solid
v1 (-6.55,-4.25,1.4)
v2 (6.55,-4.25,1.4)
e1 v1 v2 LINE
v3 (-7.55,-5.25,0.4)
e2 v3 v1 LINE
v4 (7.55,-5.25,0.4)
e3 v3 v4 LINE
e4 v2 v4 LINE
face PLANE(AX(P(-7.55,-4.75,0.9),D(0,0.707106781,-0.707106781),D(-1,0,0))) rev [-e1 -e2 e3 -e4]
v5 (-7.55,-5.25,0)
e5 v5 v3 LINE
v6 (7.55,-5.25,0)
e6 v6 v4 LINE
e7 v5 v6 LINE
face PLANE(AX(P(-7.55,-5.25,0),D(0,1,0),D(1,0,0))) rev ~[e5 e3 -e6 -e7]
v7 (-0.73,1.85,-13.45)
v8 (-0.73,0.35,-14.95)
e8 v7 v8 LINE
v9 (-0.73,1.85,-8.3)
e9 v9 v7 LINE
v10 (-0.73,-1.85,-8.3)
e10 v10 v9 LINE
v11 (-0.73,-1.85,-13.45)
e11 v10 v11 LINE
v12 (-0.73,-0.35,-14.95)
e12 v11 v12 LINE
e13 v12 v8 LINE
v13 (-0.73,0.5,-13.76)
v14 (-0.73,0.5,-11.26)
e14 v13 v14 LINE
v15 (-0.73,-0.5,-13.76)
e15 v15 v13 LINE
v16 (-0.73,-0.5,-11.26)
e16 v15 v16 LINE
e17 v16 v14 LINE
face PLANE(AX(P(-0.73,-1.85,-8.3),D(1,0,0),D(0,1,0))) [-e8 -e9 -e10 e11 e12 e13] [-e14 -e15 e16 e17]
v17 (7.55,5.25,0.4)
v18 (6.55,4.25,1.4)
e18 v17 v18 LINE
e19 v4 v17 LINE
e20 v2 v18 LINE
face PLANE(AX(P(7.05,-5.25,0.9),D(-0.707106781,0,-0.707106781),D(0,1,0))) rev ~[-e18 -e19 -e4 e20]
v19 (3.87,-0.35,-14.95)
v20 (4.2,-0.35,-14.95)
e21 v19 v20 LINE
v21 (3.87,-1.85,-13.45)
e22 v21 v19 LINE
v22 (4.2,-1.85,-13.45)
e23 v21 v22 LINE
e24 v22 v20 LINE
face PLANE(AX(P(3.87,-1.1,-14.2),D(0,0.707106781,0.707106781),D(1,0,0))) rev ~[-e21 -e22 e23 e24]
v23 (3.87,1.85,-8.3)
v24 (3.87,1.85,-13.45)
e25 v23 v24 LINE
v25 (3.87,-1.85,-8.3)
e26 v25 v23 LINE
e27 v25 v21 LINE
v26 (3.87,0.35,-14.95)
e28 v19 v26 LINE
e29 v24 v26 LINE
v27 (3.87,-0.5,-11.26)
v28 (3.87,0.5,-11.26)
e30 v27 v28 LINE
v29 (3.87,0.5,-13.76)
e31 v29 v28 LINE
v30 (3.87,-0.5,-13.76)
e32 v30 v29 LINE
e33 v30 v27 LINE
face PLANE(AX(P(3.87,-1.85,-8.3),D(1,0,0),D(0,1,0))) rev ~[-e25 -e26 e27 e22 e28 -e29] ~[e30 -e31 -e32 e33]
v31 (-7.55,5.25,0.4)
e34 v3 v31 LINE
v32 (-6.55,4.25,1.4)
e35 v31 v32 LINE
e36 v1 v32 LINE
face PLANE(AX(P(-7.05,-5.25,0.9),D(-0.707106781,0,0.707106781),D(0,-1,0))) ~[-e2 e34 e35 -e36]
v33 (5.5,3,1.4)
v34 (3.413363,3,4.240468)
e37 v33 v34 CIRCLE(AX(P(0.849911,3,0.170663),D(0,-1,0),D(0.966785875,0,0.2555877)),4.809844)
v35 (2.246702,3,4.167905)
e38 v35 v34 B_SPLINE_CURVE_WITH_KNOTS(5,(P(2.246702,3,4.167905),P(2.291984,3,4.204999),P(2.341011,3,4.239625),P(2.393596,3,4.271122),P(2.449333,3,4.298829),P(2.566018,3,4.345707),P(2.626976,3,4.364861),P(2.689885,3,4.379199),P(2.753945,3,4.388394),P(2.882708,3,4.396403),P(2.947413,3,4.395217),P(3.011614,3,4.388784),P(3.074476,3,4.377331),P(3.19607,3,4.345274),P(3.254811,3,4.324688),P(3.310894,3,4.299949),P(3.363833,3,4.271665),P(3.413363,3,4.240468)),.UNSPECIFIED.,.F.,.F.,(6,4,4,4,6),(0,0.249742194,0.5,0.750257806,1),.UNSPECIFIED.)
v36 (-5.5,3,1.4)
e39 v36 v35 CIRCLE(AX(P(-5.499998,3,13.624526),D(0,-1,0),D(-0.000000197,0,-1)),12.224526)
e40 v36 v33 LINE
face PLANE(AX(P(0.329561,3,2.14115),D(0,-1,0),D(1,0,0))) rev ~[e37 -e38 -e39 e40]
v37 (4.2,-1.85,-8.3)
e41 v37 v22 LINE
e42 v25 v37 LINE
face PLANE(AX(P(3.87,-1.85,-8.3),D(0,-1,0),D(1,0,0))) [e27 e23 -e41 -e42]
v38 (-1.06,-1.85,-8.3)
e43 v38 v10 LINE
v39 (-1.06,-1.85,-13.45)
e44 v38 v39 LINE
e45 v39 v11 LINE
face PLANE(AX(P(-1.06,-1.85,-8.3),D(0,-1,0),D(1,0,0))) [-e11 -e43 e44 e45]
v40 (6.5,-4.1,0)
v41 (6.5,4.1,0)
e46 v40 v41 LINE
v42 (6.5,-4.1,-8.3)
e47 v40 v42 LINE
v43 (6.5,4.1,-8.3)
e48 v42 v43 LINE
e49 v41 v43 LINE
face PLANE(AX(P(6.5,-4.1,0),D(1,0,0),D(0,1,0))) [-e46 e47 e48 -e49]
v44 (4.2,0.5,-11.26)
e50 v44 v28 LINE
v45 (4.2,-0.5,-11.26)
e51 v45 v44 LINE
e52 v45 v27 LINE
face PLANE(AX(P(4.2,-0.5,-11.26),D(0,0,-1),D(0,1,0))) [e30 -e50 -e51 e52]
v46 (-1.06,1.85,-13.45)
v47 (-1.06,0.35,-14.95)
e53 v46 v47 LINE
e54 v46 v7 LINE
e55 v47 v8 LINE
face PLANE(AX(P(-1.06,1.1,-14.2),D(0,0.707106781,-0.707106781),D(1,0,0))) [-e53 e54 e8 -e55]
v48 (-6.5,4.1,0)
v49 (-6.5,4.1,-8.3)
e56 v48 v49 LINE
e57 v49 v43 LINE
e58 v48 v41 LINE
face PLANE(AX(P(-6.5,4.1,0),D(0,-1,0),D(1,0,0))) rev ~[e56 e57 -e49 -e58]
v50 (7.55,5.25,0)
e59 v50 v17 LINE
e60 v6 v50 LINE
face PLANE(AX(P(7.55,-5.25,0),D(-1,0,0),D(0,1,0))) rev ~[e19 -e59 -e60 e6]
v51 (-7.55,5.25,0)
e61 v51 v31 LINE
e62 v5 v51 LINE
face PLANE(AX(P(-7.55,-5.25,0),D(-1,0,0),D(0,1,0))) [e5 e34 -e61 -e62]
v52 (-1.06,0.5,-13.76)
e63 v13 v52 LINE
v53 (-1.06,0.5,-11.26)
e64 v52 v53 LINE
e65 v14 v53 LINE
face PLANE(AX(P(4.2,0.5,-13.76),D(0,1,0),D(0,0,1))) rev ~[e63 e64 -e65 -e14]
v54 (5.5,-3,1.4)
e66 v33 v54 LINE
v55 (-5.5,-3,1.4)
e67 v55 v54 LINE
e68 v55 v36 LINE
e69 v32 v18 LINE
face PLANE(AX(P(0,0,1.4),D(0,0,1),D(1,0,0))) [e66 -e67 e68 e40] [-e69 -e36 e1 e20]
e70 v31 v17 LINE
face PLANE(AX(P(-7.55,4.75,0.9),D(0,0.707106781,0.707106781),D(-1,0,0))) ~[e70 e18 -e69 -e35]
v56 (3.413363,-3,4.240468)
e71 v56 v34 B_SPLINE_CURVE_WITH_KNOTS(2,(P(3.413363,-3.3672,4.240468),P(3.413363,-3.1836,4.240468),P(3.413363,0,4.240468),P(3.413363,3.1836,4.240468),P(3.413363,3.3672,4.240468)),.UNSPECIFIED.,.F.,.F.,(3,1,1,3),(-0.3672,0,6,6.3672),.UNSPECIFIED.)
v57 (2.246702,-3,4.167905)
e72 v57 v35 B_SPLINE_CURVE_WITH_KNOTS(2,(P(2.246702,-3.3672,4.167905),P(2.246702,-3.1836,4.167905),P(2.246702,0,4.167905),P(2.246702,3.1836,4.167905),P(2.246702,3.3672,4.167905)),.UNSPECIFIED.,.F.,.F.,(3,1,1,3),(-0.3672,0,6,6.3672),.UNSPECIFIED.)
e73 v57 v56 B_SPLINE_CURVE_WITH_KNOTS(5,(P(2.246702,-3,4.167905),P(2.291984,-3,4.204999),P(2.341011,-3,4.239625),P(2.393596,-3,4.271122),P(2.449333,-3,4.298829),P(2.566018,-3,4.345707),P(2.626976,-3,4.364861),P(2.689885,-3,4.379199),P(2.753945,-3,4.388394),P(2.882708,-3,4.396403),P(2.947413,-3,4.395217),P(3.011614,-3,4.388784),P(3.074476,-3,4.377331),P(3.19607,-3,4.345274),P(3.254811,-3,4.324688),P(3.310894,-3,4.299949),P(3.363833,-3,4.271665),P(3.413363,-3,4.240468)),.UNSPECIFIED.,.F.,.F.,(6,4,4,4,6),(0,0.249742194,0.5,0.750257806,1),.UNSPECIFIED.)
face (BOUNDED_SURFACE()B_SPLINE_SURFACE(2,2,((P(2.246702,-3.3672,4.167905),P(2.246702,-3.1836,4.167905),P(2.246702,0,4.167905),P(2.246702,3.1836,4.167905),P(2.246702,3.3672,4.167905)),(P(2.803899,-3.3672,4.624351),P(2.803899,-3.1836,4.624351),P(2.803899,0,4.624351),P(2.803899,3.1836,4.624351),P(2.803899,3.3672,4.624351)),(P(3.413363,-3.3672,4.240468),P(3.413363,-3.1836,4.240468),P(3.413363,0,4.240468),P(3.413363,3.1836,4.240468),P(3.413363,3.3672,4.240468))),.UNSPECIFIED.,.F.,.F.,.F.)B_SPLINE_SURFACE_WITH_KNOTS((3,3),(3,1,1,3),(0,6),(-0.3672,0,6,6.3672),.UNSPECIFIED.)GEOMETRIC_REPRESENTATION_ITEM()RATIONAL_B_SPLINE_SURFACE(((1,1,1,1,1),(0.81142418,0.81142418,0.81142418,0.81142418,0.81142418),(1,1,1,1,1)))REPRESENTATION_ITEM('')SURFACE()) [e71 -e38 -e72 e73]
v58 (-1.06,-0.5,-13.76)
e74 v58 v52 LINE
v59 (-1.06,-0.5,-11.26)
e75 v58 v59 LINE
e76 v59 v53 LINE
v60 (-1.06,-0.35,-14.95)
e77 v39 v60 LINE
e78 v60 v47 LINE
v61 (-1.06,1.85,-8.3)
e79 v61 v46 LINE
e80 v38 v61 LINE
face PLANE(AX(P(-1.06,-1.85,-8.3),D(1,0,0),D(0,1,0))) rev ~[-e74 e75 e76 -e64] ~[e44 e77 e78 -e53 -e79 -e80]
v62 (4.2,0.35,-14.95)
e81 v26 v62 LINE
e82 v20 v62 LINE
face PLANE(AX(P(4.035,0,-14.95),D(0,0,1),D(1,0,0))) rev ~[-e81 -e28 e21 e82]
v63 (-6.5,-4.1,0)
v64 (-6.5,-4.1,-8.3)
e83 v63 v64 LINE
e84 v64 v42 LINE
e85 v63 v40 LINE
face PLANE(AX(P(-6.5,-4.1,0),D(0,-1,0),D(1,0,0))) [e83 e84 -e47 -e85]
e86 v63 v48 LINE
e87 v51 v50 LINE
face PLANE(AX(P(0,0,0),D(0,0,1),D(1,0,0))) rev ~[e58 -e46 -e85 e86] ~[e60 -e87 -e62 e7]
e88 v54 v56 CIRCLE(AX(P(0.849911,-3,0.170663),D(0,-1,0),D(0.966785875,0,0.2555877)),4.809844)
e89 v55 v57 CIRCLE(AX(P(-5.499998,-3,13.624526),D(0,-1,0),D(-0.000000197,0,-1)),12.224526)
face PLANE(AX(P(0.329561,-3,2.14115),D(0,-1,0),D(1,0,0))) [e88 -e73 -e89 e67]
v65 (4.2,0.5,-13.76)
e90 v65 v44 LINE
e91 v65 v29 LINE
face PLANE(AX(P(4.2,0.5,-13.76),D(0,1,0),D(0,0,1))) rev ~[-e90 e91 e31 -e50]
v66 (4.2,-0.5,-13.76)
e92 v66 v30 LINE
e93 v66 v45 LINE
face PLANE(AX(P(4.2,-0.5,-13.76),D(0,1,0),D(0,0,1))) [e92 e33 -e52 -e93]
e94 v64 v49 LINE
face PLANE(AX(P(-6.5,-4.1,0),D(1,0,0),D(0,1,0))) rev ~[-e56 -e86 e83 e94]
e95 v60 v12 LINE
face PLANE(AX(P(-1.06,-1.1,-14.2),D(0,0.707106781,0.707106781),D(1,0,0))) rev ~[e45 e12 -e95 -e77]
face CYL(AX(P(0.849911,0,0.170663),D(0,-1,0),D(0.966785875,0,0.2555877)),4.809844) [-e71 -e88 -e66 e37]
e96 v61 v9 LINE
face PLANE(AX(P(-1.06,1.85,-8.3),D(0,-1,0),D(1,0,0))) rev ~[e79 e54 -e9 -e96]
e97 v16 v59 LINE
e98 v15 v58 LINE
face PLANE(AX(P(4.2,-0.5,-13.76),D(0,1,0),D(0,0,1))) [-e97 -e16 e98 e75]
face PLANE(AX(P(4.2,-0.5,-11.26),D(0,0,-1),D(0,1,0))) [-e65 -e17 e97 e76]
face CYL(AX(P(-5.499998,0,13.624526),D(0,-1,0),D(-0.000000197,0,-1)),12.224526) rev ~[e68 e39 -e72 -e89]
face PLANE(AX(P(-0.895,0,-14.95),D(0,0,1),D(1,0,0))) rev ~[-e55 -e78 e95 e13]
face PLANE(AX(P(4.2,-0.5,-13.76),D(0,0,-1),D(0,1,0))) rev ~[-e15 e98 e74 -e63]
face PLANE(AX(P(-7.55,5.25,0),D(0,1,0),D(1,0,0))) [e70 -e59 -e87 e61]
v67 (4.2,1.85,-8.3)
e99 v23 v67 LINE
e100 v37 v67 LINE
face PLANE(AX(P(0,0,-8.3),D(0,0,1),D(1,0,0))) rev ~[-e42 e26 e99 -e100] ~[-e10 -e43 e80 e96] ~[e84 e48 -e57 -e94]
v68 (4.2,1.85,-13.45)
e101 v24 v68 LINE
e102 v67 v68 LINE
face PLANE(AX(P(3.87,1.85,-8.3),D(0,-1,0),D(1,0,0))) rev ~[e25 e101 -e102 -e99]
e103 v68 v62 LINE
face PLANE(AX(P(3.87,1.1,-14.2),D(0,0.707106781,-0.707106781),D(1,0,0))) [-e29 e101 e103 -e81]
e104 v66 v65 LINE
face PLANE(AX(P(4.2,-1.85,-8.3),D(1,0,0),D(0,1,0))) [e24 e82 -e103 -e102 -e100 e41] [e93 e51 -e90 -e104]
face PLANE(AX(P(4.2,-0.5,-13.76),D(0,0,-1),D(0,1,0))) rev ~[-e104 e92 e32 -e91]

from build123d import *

# Parameters (mm, degrees)
SKETCH_W        = 13
SKETCH_H        = 8.2
PAD_DEPTH       = 8.3
SKETCH001_W     = 15.1
SKETCH001_H     = 10.5
PAD001_DEPTH    = 1.4
CHAMFER_SIZE    = 1
PAD002_DEPTH    = 3
FILLET_R        = 1
SKETCH003_W     = 0.33
SKETCH003_H     = 3.7
PAD003_DEPTH    = 6.65
CHAMFER001_SIZE = 1.5
SKETCH004_W     = 1
SKETCH004_H     = 2.5
POCKET_DEPTH    = 11.751


with BuildPart() as part:
    # Sketch → Pad (new body)
    with BuildSketch(Plane.XY):
        Rectangle(SKETCH_W, SKETCH_H)
    extrude(amount=-PAD_DEPTH)

    # Sketch001 → Pad001 (join)
    with BuildSketch(Plane.XY):
        Rectangle(SKETCH001_W, SKETCH001_H)
    extrude(amount=PAD001_DEPTH)

    # Chamfer
    chamfer_edges = [part.edges().sort_by_distance(p)[0] for p in [
        (-7.55, 0, 1.4),
        (0, 5.25, 1.4),
        (7.55, 0, 1.4),
        (0, -5.25, 1.4),
    ]]
    chamfer(chamfer_edges, length=CHAMFER_SIZE)

    # Sketch002 → Pad002 (join, symmetric)
    with BuildSketch(Plane.XZ):
        with BuildLine():
            Line((-5.5, 1.4), (5.5, 1.4))
            ThreePointArc((5.5, 1.4), (4.48879, 3.316002), (2.739315, 4.593869))
            ThreePointArc((-5.5, 1.4), (-1.081654, 2.2264), (2.739315, 4.593869))
        make_face()
    extrude(amount=PAD002_DEPTH, both=True)

    # Fillet
    fillet_edges = [part.edges().sort_by_distance(p)[0] for p in [
        (2.739315, 0, 4.593869),
    ]]
    fillet(fillet_edges, radius=FILLET_R)

    # Sketch003 (on DatumPlane) → Pad003 (join)
    with BuildSketch(Plane.XY.offset(-8.3)):
        with Locations((4.035, 0)):
            Rectangle(SKETCH003_W, SKETCH003_H)
        with Locations((-0.895, 0)):
            Rectangle(SKETCH003_W, SKETCH003_H)
    extrude(amount=-PAD003_DEPTH)

    # Chamfer001
    chamfer001_edges = [part.edges().sort_by_distance(p)[0] for p in [
        (4.035, -1.85, -14.95),
        (4.035, 1.85, -14.95),
        (-0.895, 1.85, -14.95),
        (-0.895, -1.85, -14.95),
    ]]
    chamfer(chamfer001_edges, length=CHAMFER001_SIZE)

    # Sketch004 (on Face5 of Chamfer001) → Pocket (cut, through all)
    with BuildSketch(Plane.YZ.offset(4.2)):
        with Locations((0, -12.51)):
            Rectangle(SKETCH004_W, SKETCH004_H)
    extrude(amount=-POCKET_DEPTH, mode=Mode.SUBTRACT)


solid = part.part
